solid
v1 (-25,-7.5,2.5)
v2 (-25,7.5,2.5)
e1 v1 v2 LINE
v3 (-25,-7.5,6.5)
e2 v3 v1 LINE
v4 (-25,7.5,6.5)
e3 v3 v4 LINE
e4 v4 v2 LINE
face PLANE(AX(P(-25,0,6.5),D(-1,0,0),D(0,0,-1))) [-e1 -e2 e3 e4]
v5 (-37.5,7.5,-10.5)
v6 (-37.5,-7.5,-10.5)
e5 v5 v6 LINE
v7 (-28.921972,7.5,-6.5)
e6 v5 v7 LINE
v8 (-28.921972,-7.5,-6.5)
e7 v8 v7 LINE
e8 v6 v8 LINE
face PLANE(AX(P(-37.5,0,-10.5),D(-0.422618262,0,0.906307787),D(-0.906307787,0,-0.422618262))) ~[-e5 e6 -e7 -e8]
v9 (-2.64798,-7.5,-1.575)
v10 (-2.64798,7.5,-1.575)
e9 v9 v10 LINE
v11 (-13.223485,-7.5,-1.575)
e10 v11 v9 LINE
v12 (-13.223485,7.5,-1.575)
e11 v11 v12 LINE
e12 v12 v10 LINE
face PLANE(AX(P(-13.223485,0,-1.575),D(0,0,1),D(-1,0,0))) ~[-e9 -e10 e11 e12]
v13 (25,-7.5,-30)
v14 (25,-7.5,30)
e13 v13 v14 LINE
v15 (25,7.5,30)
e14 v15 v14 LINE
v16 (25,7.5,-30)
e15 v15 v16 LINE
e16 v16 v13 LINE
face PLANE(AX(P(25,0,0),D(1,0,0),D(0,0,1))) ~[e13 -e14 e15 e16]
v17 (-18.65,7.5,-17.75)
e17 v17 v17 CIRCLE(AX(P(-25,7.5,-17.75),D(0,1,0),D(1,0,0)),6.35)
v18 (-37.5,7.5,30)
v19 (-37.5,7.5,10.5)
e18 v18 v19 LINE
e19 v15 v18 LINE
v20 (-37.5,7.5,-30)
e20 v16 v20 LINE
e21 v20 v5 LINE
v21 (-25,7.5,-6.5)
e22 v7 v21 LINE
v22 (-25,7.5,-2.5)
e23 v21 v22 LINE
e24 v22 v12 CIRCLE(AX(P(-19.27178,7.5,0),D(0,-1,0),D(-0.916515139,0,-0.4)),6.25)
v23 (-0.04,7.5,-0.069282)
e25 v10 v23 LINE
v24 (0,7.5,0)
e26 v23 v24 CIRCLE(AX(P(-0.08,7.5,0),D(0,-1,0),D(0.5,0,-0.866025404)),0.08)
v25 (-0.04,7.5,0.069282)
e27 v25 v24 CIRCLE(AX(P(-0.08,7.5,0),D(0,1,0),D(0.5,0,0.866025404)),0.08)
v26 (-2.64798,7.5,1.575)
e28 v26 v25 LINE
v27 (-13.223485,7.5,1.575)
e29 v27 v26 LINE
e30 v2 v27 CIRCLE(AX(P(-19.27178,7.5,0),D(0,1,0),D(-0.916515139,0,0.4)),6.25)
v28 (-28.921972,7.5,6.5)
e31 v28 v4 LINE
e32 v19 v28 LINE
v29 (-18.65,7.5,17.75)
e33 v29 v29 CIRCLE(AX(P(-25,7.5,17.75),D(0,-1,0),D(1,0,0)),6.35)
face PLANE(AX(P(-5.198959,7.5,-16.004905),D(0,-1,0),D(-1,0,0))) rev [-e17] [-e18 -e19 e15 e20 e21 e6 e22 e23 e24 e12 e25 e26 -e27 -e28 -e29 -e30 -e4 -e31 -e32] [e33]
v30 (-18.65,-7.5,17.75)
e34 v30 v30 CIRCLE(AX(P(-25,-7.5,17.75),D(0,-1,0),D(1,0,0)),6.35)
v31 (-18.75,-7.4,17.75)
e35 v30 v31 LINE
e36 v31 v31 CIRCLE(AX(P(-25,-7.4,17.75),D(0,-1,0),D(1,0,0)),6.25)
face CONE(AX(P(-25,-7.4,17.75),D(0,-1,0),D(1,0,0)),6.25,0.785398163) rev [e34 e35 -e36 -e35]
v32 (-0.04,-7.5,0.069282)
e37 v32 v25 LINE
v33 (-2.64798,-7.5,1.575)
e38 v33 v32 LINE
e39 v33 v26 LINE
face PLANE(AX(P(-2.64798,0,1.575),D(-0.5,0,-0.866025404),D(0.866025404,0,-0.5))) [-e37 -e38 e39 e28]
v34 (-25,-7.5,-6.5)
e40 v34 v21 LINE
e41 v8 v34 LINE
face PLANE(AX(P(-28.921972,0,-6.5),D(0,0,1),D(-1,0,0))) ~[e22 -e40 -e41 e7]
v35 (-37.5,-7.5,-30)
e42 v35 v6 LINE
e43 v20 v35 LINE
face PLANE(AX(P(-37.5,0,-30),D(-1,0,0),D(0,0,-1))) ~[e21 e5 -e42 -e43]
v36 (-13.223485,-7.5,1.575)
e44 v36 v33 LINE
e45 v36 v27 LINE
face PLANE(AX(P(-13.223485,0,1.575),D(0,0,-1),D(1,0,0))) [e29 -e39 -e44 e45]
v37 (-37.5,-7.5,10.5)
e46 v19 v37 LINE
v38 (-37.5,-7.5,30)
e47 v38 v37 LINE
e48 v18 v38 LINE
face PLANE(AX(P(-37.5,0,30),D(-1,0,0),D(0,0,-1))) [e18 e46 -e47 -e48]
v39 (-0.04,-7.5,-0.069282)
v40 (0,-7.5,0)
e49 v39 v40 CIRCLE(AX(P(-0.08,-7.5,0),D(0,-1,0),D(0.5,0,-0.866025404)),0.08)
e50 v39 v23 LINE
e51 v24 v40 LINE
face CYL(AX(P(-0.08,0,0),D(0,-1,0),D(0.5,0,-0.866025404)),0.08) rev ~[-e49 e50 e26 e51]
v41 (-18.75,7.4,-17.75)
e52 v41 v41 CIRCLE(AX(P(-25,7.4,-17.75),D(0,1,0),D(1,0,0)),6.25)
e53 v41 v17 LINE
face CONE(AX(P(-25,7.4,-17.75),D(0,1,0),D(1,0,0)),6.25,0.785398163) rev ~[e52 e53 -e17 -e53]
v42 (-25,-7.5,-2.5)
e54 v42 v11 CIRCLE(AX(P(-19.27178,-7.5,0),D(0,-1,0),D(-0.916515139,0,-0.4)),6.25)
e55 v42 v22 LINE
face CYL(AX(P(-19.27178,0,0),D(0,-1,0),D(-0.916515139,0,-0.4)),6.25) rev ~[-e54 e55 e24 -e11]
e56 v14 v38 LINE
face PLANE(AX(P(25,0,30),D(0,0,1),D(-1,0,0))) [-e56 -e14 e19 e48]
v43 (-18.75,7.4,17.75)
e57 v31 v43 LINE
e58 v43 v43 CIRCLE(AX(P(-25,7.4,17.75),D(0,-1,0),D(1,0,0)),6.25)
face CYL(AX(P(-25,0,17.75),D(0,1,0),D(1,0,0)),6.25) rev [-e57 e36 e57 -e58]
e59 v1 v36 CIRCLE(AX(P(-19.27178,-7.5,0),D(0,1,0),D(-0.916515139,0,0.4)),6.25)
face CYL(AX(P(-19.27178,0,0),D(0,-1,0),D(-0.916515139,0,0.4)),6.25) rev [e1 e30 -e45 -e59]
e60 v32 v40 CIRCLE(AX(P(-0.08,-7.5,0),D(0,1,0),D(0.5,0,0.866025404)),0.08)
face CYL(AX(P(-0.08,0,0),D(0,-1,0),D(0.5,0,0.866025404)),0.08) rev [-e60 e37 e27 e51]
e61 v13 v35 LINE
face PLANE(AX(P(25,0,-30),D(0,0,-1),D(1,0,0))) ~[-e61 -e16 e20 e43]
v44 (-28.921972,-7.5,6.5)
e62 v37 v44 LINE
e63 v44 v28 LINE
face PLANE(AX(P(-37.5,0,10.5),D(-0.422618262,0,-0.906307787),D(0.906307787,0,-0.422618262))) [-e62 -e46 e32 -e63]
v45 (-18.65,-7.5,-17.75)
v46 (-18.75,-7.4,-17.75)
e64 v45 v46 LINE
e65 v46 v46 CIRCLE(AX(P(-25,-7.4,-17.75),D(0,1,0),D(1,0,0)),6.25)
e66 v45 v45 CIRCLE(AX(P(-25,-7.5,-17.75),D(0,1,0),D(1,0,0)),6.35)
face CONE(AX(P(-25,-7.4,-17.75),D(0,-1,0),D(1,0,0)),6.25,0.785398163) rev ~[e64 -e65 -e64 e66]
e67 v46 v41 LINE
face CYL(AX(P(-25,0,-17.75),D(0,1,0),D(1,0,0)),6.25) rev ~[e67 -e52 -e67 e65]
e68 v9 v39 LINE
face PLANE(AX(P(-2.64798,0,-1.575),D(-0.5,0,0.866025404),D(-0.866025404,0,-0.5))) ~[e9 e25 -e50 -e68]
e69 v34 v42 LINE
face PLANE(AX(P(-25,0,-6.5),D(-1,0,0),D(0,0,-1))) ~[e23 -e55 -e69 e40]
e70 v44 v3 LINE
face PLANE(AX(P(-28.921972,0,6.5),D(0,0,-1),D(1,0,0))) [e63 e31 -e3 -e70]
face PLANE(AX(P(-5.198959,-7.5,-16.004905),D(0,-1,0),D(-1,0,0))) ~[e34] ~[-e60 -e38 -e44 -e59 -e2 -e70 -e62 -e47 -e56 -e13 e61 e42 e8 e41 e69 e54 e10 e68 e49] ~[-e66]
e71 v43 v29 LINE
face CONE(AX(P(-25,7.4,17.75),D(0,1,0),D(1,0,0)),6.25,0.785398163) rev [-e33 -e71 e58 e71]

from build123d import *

# Parameters (mm, degrees)
F0_R     = 6.25
F1_DEPTH = 7.5
F3_SIZE  = 0.1


with BuildPart() as f1:
    # F0 (on Front) → F1 (new body, symmetric)
    with BuildSketch(Plane.XZ):
        with BuildLine():
            ThreePointArc((-0.04, 0.0692820323), (-0.0107179677, 0.04), (0, 0))
            Line((0, 0), (14.3022312224, 0))
            Line((14.3022312224, 0), (25, 0))
            Line((25, 0), (25, 30))
            Line((25, 30), (-37.5, 30))
            Line((-37.5, 30), (-37.5, 10.5))
            Line((-37.5, 10.5), (-28.921972318, 6.5))
            Line((-28.921972318, 6.5), (-25, 6.5))
            Line((-25, 6.5), (-25, 2.5))
            ThreePointArc((-25, 2.5), (-18.7823742649, 6.2308090689), (-13.2234851669, 1.575))
            Line((-13.2234851669, 1.575), (-2.6479800219, 1.575))
            Line((-2.6479800219, 1.575), (-0.04, 0.0692820323))
        make_face()
        with Locations((-25, 17.75)):
            Circle(F0_R, mode=Mode.SUBTRACT)
    extrude(amount=F1_DEPTH, both=True)

    # F2: F1 across face


with BuildPart() as f1_1:
    add(f1.part)
    add(f1.part.mirror(Plane(origin=(12.5, 0, 0), x_dir=(1, 0, 0), z_dir=(0, 0, -1))))

    # F3
    f3_edges = [f1_1.edges().sort_by_distance(p)[0] for p in [
        (-31.25, -7.5, 17.75),
        (-31.25, -7.5, -17.75),
        (-31.25, 7.5, 17.75),
        (-31.25, 7.5, -17.75),
    ]]
    chamfer(f3_edges, length=F3_SIZE)


solid = f1_1.part
